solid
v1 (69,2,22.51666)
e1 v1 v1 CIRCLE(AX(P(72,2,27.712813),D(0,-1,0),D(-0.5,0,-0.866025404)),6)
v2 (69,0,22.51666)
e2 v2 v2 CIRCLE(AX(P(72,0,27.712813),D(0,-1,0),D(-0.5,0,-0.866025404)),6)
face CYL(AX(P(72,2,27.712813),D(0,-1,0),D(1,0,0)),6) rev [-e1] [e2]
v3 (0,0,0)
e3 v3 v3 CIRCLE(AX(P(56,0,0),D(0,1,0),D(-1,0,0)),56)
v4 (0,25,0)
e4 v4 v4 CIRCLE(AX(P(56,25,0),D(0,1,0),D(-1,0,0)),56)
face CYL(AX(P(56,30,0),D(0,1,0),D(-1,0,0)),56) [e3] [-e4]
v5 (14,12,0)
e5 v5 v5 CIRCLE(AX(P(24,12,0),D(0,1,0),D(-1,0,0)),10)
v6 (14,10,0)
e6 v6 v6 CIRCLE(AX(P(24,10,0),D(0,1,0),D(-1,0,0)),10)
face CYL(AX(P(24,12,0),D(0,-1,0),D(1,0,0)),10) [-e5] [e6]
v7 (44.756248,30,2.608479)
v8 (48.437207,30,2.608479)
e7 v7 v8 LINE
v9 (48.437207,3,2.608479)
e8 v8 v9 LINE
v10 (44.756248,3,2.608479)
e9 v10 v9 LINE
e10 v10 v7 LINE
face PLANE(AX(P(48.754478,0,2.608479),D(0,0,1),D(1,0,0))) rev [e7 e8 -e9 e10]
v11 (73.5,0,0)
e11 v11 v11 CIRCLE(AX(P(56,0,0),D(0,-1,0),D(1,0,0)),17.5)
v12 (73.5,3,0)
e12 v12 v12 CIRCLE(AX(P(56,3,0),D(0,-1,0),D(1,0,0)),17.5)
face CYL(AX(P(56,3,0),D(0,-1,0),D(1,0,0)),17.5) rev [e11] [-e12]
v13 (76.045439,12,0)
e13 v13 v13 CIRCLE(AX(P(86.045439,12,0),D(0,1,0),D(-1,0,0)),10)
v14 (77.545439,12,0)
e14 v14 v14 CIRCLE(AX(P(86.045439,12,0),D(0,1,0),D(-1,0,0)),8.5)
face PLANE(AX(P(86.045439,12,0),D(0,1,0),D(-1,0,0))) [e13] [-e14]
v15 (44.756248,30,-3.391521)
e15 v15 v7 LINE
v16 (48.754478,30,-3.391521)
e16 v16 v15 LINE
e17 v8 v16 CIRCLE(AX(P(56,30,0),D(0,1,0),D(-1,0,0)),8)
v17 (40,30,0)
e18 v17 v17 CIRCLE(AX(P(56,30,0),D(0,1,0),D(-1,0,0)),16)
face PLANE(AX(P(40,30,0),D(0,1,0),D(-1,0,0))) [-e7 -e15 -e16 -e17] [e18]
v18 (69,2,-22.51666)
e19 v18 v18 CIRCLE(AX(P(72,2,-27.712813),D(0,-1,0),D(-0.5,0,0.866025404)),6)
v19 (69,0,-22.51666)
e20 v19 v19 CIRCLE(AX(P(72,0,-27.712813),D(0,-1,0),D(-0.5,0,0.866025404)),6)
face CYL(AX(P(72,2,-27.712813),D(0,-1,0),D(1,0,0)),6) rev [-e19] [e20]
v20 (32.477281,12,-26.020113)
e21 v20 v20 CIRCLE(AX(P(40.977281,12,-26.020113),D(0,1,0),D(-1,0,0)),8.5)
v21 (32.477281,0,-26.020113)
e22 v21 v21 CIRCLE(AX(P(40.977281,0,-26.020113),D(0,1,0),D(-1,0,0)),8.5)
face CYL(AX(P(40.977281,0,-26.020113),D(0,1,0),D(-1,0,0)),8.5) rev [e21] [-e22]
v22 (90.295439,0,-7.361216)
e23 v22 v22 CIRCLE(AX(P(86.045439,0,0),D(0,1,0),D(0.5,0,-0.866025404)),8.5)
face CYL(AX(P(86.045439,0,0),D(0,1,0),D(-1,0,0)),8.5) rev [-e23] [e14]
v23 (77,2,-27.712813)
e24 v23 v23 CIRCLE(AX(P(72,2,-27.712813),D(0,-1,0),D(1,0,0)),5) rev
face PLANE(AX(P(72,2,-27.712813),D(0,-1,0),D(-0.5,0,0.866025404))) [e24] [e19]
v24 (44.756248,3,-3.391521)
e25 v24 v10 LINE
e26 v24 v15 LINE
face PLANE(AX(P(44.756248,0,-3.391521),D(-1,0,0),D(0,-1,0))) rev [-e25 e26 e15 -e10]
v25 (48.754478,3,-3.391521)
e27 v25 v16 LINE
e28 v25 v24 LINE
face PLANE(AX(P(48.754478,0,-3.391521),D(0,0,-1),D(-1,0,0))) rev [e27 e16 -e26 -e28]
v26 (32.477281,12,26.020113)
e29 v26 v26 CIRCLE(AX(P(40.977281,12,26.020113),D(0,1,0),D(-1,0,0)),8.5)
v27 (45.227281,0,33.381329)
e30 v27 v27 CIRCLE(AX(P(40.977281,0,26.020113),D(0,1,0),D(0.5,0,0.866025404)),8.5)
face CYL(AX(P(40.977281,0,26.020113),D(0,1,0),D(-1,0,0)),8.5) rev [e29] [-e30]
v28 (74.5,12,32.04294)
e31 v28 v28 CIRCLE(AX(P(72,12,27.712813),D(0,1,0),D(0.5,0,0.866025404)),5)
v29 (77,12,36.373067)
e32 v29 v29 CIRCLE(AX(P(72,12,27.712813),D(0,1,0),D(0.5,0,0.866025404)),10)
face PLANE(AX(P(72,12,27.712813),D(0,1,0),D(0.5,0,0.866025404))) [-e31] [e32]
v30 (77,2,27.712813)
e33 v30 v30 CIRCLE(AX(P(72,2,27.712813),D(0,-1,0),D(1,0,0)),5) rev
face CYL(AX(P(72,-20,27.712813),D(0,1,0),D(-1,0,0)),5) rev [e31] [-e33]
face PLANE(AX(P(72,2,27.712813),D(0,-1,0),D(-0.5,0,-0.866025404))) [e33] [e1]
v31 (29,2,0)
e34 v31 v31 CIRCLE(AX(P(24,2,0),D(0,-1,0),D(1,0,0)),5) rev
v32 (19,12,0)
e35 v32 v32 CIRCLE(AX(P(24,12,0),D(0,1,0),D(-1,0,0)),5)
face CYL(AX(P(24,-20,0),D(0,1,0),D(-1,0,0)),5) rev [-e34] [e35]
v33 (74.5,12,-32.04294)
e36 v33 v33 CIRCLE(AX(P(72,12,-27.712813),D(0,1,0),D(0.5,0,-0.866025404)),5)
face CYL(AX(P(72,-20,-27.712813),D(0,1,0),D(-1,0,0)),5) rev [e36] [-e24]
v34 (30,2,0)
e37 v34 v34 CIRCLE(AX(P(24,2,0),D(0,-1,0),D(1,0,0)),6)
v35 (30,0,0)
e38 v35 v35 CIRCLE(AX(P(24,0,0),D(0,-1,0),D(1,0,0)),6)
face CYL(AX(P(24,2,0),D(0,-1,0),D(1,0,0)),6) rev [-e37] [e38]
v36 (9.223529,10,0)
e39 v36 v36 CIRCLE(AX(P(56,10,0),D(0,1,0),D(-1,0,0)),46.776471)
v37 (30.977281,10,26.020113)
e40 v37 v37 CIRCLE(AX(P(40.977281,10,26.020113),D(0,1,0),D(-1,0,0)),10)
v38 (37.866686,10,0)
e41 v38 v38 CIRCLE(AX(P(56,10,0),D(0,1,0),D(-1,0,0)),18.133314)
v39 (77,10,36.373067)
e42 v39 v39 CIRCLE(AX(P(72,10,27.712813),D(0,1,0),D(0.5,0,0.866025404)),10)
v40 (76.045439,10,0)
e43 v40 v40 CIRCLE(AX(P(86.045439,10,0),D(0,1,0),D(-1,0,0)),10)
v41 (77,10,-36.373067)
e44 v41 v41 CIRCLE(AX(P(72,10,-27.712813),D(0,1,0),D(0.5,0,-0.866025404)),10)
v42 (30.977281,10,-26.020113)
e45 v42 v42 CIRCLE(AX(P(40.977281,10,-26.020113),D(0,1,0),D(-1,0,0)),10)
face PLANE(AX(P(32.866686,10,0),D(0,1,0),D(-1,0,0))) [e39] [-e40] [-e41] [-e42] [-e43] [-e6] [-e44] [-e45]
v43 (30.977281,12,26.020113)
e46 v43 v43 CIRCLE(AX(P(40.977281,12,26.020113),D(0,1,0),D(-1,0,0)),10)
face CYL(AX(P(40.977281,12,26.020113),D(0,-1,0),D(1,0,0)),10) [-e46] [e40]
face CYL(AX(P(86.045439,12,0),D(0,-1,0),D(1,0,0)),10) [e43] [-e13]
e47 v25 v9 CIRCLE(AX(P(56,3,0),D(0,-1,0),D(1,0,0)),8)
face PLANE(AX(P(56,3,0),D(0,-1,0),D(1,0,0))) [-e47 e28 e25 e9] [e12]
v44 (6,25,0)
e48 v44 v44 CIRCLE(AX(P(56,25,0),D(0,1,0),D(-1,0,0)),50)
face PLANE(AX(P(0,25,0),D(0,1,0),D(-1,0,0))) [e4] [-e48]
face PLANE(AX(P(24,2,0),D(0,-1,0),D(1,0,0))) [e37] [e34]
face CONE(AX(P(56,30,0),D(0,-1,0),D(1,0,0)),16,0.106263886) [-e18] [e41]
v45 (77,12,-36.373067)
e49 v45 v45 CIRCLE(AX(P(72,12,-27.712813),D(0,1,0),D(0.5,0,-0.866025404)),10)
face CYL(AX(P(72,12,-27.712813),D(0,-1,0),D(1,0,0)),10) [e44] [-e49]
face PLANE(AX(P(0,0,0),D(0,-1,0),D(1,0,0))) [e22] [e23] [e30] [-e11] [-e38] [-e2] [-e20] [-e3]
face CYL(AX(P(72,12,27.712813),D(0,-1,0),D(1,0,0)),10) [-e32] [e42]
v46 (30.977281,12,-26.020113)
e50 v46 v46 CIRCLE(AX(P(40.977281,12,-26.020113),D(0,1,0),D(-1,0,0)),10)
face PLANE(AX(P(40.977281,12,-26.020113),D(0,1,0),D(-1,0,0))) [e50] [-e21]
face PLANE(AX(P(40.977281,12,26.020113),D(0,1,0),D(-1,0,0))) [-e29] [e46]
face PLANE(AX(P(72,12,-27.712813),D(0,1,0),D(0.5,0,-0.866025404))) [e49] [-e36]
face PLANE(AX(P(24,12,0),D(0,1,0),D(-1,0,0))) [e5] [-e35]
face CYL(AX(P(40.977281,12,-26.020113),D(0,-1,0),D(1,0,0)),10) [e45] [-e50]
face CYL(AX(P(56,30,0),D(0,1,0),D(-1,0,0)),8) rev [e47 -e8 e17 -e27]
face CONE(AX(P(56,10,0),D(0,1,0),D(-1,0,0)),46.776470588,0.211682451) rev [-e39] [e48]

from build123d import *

# Parameters (mm, degrees)
ESBO_O2_R                = 5
CORTE_EXTRUS_O2_DEPTH    = 30
PADR_OCIRCULAR1_COUNT    = 3
ESBO_O6_R                = 6
CORTE_EXTRUS_O5_DEPTH    = 2
PADR_OCIRCULAR4_COUNT    = 3
ESBO_O9_W                = 3.998230439
ESBO_O9_H                = 6
CORTE_EXTRUS_O6_DEPTH    = 129.763348823
ESBO_O10_R               = 8.5
CORTE_EXTRUS_O7_DEPTH    = 10
PADR_OCIRCULAR5_COUNT    = 3
ESBO_O11_R               = 10
RESSALTO_EXTRUS_O1_DEPTH = 2
CORTE_EXTRUS_O9_START    = 2
ESBO_O12_R               = 8.5
CORTE_EXTRUS_O9_DEPTH    = 2
RESSALTO_EXTRUS_O2_START = 2
ESBO_O13_R               = 10
ESBO_O13_R_2             = 5
RESSALTO_EXTRUS_O2_DEPTH = 2
PADR_OCIRCULAR6_COUNT    = 3
ESBO_O14_R               = 17.5
CORTE_EXTRUS_O10_DEPTH   = 3


with BuildPart() as part:
    # Esboço1 → Revolução1 (revolve)
    with BuildSketch(Plane.XY):
        Polygon((0, 0), (48, 0), (48, 30), (40, 30), (37.866686426, 10), (32.866686426, 10), (14.223529412, 10), (9.223529412, 10), (6, 25), (0, 25), align=None)
    revolve(axis=Axis((56, 30, 0), (0, -1, 0)))

    # Esboço2 → Corte-extrusão2 (cut)
    with BuildSketch(Plane(origin=(0, 10, 0), x_dir=(1, 0, 0), z_dir=(0, 1, 0))):
        with Locations(Location((24, 0, 0), (0, 0, 180))):
            Circle(ESBO_O2_R)
    corte_extrus_o2 = extrude(amount=-CORTE_EXTRUS_O2_DEPTH, mode=Mode.SUBTRACT)

    # PadrãoCircular1: Corte-extrusão2 ×3 about axis
    padr_ocircular1_axis = Axis((56, 0, 0), (0, 1, 0))
    for i in range(1, PADR_OCIRCULAR1_COUNT):
        add(corte_extrus_o2.rotate(padr_ocircular1_axis, i * 360 / PADR_OCIRCULAR1_COUNT), mode=Mode.SUBTRACT)

    # Esboço6 → Corte-extrusão5 (cut)
    with BuildSketch(Plane.XZ):
        with Locations((24, 0)):
            Circle(ESBO_O6_R)
    corte_extrus_o5 = extrude(amount=-CORTE_EXTRUS_O5_DEPTH, mode=Mode.SUBTRACT)

    # PadrãoCircular4: Corte-extrusão5 ×3 about axis
    padr_ocircular4_axis = Axis((56, 0, 0), (0, 1, 0))
    for i in range(1, PADR_OCIRCULAR4_COUNT):
        add(corte_extrus_o5.rotate(padr_ocircular4_axis, i * 360 / PADR_OCIRCULAR4_COUNT), mode=Mode.SUBTRACT)

    # Esboço9 → Corte-extrusão6 (cut, through all)
    with BuildSketch(Plane(origin=(0, 30, 0), x_dir=(1, 0, 0), z_dir=(0, 1, 0))):
        with Locations((46.755362969, 0.391520848)):
            Rectangle(ESBO_O9_W, ESBO_O9_H)
    extrude(amount=-CORTE_EXTRUS_O6_DEPTH, mode=Mode.SUBTRACT)

    # Esboço10 → Corte-extrusão7 (cut)
    with BuildSketch(Plane(origin=(0, 10, 0), x_dir=(1, 0, 0), z_dir=(0, 1, 0))):
        with Locations(Location((40.977280539, 26.020113375, 0), (0, 0, 180))):
            Circle(ESBO_O10_R)
    corte_extrus_o7 = extrude(amount=-CORTE_EXTRUS_O7_DEPTH, mode=Mode.SUBTRACT)

    # PadrãoCircular5: Corte-extrusão7 ×3 about axis
    padr_ocircular5_axis = Axis((56, 0, 0), (0, 1, 0))
    for i in range(1, PADR_OCIRCULAR5_COUNT):
        add(corte_extrus_o7.rotate(padr_ocircular5_axis, i * 360 / PADR_OCIRCULAR5_COUNT), mode=Mode.SUBTRACT)

    # Esboço11 → Ressalto-extrusão1 (add)
    with BuildSketch(Plane(origin=(0, 10, 0), x_dir=(1, 0, 0), z_dir=(0, 1, 0))):
        with Locations(Location((40.977280539, 26.020113375, 0), (0, 0, 180))):
            Circle(ESBO_O11_R)
        with Locations(Location((86.045438923, 0, 0), (0, 0, 180))):
            Circle(ESBO_O11_R)
        with Locations(Location((40.977280539, -26.020113375, 0), (0, 0, 180))):
            Circle(ESBO_O11_R)
    extrude(amount=RESSALTO_EXTRUS_O1_DEPTH)

    # Esboço12 → Corte-extrusão9 (cut)
    with BuildSketch(Plane(origin=(0, 10, 0), x_dir=(1, 0, 0), z_dir=(0, 1, 0)).offset(CORTE_EXTRUS_O9_START)):
        with Locations(Location((40.977280539, 26.020113375, 0), (0, 0, 180))):
            Circle(ESBO_O12_R)
        with Locations(Location((40.977280539, -26.020113375, 0), (0, 0, 180))):
            Circle(ESBO_O12_R)
        with Locations(Location((86.045438923, 0, 0), (0, 0, 180))):
            Circle(ESBO_O12_R)
    extrude(amount=-CORTE_EXTRUS_O9_DEPTH, mode=Mode.SUBTRACT)

    # Esboço13 → Ressalto-extrusão2 (add)
    with BuildSketch(Plane(origin=(0, 10, 0), x_dir=(1, 0, 0), z_dir=(0, 1, 0)).offset(RESSALTO_EXTRUS_O2_START)):
        with Locations(Location((24, 0, 0), (0, 0, 180))):
            Circle(ESBO_O13_R)
        with Locations(Location((24, 0, 0), (0, 0, 180))):
            Circle(ESBO_O13_R_2, mode=Mode.SUBTRACT)
    ressalto_extrus_o2 = extrude(amount=-RESSALTO_EXTRUS_O2_DEPTH)

    # PadrãoCircular6: Corte-extrusão2, Ressalto-extrusão2 ×3 about axis
    padr_ocircular6_axis = Axis((56, 0, 0), (0, 1, 0))
    add([corte_extrus_o2.rotate(padr_ocircular6_axis, i * 360 / PADR_OCIRCULAR6_COUNT) for i in range(1, PADR_OCIRCULAR6_COUNT)], mode=Mode.SUBTRACT)
    add([ressalto_extrus_o2.rotate(padr_ocircular6_axis, i * 360 / PADR_OCIRCULAR6_COUNT) for i in range(1, PADR_OCIRCULAR6_COUNT)])

    # Esboço14 → Corte-extrusão10 (cut)
    with BuildSketch(Plane.XZ):
        with Locations((56, 0)):
            Circle(ESBO_O14_R)
    extrude(amount=-CORTE_EXTRUS_O10_DEPTH, mode=Mode.SUBTRACT)


solid = part.part
